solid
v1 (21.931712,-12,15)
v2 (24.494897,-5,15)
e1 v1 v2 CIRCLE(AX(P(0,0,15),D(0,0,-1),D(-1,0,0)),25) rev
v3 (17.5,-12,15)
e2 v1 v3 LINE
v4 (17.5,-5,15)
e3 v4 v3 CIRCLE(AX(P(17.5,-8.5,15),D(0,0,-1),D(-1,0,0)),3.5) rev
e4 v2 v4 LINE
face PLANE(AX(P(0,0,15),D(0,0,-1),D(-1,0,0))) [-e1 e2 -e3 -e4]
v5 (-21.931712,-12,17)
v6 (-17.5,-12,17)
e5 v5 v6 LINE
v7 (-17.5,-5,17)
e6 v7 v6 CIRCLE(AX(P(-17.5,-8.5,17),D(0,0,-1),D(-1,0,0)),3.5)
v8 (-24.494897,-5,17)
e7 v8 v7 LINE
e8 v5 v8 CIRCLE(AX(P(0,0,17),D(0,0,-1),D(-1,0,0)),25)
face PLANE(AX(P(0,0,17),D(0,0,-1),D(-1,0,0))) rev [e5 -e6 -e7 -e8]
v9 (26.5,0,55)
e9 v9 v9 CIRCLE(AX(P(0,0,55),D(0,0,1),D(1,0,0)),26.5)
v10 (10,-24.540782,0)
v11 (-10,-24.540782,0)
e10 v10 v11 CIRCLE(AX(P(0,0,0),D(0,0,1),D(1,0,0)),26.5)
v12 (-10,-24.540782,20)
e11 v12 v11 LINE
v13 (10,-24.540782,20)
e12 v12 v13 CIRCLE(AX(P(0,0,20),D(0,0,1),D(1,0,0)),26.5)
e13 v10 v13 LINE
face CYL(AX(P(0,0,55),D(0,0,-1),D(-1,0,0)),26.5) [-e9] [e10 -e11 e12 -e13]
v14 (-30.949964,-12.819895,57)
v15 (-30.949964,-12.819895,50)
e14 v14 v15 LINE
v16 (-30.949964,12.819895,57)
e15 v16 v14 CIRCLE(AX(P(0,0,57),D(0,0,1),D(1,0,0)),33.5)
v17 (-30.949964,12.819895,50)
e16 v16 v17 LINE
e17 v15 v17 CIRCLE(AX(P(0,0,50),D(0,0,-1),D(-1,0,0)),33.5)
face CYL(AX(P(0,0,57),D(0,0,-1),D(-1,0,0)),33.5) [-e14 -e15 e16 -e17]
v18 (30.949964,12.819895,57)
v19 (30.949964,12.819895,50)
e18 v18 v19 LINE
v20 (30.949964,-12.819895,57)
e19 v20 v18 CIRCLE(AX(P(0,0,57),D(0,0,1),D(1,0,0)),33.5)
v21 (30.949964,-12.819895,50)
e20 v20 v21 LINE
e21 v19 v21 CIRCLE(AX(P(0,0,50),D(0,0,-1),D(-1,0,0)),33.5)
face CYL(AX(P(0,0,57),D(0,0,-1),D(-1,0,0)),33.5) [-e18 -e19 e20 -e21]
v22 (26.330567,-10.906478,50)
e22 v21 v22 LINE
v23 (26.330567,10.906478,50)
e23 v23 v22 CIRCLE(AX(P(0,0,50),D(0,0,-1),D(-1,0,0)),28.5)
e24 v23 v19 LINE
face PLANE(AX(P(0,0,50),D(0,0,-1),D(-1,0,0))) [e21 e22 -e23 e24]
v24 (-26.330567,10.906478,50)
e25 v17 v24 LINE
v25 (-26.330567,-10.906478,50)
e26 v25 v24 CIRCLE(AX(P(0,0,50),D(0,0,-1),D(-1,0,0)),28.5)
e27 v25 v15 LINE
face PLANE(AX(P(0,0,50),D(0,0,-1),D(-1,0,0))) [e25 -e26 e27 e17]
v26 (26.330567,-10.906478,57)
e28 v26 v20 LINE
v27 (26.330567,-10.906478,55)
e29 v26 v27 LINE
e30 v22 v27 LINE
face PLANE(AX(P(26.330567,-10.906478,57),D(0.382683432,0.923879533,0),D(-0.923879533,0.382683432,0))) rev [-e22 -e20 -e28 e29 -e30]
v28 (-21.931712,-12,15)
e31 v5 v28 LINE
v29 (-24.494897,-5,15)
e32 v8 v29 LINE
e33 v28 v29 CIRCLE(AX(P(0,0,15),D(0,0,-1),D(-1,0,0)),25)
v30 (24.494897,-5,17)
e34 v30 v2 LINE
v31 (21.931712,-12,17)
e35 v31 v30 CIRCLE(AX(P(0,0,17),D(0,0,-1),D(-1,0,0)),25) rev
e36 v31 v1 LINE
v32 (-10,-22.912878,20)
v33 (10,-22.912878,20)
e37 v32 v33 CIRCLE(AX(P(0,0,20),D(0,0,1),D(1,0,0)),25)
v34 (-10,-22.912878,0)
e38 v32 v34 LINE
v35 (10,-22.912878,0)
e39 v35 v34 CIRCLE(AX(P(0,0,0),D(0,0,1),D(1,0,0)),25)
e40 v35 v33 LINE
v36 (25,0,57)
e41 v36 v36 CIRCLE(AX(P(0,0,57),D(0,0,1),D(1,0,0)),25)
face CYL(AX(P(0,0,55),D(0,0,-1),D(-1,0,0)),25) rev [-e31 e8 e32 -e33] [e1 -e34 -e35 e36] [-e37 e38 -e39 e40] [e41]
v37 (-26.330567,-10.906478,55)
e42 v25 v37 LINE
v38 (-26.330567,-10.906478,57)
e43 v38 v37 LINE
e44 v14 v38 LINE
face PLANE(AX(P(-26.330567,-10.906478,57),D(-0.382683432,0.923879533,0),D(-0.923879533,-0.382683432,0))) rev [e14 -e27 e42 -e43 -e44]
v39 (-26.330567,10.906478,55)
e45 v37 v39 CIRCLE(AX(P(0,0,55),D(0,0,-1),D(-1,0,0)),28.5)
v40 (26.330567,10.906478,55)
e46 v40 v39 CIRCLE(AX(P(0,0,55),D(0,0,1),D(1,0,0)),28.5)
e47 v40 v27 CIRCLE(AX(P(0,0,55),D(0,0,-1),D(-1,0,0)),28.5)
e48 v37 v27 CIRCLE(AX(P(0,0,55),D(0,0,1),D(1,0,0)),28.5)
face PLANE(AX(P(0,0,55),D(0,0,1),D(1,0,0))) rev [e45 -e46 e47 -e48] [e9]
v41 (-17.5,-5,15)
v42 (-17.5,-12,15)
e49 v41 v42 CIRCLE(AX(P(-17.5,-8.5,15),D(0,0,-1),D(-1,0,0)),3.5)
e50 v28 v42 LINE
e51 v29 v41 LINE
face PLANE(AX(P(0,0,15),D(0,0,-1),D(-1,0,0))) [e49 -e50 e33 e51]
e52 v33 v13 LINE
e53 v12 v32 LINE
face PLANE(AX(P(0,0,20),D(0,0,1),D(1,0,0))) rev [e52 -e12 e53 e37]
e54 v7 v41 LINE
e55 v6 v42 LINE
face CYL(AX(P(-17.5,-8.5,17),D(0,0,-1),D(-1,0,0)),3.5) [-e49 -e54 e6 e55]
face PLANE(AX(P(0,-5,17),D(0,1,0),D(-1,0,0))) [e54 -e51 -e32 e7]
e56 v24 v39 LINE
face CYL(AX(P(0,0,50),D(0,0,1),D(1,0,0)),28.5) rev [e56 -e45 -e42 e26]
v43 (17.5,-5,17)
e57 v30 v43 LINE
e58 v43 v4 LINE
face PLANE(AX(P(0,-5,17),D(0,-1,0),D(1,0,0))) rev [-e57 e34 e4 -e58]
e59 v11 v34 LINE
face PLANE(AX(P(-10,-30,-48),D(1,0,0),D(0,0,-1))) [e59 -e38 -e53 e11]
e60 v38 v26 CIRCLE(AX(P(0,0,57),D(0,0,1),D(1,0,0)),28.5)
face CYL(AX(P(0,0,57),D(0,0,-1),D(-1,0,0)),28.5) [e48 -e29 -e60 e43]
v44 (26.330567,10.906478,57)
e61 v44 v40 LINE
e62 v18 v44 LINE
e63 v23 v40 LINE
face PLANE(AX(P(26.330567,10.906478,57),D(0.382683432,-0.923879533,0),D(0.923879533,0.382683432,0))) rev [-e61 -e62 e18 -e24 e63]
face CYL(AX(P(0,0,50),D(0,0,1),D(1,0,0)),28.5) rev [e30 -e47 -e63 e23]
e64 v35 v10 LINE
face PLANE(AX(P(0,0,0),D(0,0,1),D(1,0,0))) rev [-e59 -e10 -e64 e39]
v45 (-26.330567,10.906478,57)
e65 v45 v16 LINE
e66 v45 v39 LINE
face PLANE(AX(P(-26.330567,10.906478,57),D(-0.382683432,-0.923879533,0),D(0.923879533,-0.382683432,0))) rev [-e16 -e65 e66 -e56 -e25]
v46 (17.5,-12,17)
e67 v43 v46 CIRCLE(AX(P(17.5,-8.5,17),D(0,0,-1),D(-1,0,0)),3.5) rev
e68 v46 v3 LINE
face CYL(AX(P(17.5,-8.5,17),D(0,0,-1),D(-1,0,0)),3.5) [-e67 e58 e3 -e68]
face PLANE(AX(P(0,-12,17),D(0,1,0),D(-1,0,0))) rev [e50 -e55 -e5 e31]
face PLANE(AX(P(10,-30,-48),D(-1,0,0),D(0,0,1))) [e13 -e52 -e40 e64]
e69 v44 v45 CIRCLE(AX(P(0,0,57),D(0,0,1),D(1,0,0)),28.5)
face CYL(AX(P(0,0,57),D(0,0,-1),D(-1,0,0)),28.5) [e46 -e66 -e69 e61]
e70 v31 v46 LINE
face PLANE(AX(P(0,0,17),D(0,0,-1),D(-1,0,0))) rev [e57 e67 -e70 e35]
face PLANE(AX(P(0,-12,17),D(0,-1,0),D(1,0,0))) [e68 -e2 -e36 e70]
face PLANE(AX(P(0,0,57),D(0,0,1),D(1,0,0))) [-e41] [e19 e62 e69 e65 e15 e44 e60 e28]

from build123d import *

# Parameters (mm, degrees)
SKETCH1_R           = 26.5
SKETCH1_R_2         = 25
BOSS_EXTRUDE1_DEPTH = 55
SKETCH2_R           = 25
BOSS_EXTRUDE2_DEPTH = 2
BOSS_EXTRUDE3_START = 5
BOSS_EXTRUDE3_DEPTH = 5
SKETCH5_W           = 20
SKETCH5_H           = 10
CUT_EXTRUDE1_DEPTH  = 68
BOSS_EXTRUDE4_DEPTH = 2


with BuildPart() as part:
    # Sketch1 → Boss-Extrude1 (new body)
    with BuildSketch(Plane.XY):
        Circle(SKETCH1_R)
        Circle(SKETCH1_R_2, mode=Mode.SUBTRACT)
    extrude(amount=BOSS_EXTRUDE1_DEPTH)

    # Sketch2 → Boss-Extrude2 (add)
    with BuildSketch(Plane.XY.offset(55)):
        with BuildLine():
            Line((-26.330566677, 10.906477822), (-30.949964339, 12.819894984))
            ThreePointArc((-30.949964339, 12.819894984), (-33.5, 0), (-30.949964339, -12.819894984))
            Line((-30.949964339, -12.819894984), (-26.330566677, -10.906477822))
            ThreePointArc((-26.330566677, -10.906477822), (0, -28.5), (26.330566677, -10.906477822))
            Line((26.330566677, -10.906477822), (30.949964339, -12.819894984))
            ThreePointArc((30.949964339, -12.819894984), (33.5, 0), (30.949964339, 12.819894984))
            Line((30.949964339, 12.819894984), (26.330566677, 10.906477822))
            ThreePointArc((26.330566677, 10.906477822), (0, 28.5), (-26.330566677, 10.906477822))
        make_face()
        Circle(SKETCH2_R, mode=Mode.SUBTRACT)
    extrude(amount=BOSS_EXTRUDE2_DEPTH)

    # Sketch3 → Boss-Extrude3 (add)
    with BuildSketch(Plane(origin=(0, 0, 55), x_dir=(-1, 0, 0), z_dir=(0, 0, -1)).offset(BOSS_EXTRUDE3_START)):
        with BuildLine():
            ThreePointArc((-26.330566677, -10.906477822), (-28.5, 0), (-26.330566677, 10.906477822))
            Line((-26.330566677, 10.906477822), (-30.949964339, 12.819894984))
            ThreePointArc((-30.949964339, 12.819894984), (-33.5, 0), (-30.949964339, -12.819894984))
            Line((-30.949964339, -12.819894984), (-26.330566677, -10.906477822))
        make_face()
        with BuildLine():
            Line((30.949964339, 12.819894984), (26.330566677, 10.906477822))
            ThreePointArc((26.330566677, 10.906477822), (27.952380491, 5.560074177), (28.5, 0))
            ThreePointArc((28.5, 0), (27.952380491, -5.560074177), (26.330566677, -10.906477822))
            Line((26.330566677, -10.906477822), (30.949964339, -12.819894984))
            ThreePointArc((30.949964339, -12.819894984), (33.5, 0), (30.949964339, 12.819894984))
        make_face()
    extrude(amount=-BOSS_EXTRUDE3_DEPTH)

    # Sketch5 → Cut-Extrude1 (cut)
    with BuildSketch(Plane(origin=(0, 0, 20), x_dir=(-1, 0, 0), z_dir=(0, 0, -1))):
        with Locations((0, -25)):
            Rectangle(SKETCH5_W, SKETCH5_H)
    extrude(amount=CUT_EXTRUDE1_DEPTH, mode=Mode.SUBTRACT)

    # Sketch7 → Boss-Extrude4 (add)
    with BuildSketch(Plane(origin=(0, 0, 15), x_dir=(-1, 0, 0), z_dir=(0, 0, -1))):
        with BuildLine():
            ThreePointArc((-21.931712199, -12), (-23.475679338, -8.596073501), (-24.494897428, -5))
            Line((-24.494897428, -5), (-17.5, -5))
            ThreePointArc((-17.5, -5), (-14, -8.5), (-17.5, -12))
            Line((-17.5, -12), (-21.931712199, -12))
        make_face()
        with BuildLine():
            Line((21.931712199, -12), (17.5, -12))
            ThreePointArc((17.5, -12), (14, -8.5), (17.5, -5))
            Line((17.5, -5), (24.494897428, -5))
            ThreePointArc((24.494897428, -5), (23.475679338, -8.596073501), (21.931712199, -12))
        make_face()
    extrude(amount=-BOSS_EXTRUDE4_DEPTH)


solid = part.part
